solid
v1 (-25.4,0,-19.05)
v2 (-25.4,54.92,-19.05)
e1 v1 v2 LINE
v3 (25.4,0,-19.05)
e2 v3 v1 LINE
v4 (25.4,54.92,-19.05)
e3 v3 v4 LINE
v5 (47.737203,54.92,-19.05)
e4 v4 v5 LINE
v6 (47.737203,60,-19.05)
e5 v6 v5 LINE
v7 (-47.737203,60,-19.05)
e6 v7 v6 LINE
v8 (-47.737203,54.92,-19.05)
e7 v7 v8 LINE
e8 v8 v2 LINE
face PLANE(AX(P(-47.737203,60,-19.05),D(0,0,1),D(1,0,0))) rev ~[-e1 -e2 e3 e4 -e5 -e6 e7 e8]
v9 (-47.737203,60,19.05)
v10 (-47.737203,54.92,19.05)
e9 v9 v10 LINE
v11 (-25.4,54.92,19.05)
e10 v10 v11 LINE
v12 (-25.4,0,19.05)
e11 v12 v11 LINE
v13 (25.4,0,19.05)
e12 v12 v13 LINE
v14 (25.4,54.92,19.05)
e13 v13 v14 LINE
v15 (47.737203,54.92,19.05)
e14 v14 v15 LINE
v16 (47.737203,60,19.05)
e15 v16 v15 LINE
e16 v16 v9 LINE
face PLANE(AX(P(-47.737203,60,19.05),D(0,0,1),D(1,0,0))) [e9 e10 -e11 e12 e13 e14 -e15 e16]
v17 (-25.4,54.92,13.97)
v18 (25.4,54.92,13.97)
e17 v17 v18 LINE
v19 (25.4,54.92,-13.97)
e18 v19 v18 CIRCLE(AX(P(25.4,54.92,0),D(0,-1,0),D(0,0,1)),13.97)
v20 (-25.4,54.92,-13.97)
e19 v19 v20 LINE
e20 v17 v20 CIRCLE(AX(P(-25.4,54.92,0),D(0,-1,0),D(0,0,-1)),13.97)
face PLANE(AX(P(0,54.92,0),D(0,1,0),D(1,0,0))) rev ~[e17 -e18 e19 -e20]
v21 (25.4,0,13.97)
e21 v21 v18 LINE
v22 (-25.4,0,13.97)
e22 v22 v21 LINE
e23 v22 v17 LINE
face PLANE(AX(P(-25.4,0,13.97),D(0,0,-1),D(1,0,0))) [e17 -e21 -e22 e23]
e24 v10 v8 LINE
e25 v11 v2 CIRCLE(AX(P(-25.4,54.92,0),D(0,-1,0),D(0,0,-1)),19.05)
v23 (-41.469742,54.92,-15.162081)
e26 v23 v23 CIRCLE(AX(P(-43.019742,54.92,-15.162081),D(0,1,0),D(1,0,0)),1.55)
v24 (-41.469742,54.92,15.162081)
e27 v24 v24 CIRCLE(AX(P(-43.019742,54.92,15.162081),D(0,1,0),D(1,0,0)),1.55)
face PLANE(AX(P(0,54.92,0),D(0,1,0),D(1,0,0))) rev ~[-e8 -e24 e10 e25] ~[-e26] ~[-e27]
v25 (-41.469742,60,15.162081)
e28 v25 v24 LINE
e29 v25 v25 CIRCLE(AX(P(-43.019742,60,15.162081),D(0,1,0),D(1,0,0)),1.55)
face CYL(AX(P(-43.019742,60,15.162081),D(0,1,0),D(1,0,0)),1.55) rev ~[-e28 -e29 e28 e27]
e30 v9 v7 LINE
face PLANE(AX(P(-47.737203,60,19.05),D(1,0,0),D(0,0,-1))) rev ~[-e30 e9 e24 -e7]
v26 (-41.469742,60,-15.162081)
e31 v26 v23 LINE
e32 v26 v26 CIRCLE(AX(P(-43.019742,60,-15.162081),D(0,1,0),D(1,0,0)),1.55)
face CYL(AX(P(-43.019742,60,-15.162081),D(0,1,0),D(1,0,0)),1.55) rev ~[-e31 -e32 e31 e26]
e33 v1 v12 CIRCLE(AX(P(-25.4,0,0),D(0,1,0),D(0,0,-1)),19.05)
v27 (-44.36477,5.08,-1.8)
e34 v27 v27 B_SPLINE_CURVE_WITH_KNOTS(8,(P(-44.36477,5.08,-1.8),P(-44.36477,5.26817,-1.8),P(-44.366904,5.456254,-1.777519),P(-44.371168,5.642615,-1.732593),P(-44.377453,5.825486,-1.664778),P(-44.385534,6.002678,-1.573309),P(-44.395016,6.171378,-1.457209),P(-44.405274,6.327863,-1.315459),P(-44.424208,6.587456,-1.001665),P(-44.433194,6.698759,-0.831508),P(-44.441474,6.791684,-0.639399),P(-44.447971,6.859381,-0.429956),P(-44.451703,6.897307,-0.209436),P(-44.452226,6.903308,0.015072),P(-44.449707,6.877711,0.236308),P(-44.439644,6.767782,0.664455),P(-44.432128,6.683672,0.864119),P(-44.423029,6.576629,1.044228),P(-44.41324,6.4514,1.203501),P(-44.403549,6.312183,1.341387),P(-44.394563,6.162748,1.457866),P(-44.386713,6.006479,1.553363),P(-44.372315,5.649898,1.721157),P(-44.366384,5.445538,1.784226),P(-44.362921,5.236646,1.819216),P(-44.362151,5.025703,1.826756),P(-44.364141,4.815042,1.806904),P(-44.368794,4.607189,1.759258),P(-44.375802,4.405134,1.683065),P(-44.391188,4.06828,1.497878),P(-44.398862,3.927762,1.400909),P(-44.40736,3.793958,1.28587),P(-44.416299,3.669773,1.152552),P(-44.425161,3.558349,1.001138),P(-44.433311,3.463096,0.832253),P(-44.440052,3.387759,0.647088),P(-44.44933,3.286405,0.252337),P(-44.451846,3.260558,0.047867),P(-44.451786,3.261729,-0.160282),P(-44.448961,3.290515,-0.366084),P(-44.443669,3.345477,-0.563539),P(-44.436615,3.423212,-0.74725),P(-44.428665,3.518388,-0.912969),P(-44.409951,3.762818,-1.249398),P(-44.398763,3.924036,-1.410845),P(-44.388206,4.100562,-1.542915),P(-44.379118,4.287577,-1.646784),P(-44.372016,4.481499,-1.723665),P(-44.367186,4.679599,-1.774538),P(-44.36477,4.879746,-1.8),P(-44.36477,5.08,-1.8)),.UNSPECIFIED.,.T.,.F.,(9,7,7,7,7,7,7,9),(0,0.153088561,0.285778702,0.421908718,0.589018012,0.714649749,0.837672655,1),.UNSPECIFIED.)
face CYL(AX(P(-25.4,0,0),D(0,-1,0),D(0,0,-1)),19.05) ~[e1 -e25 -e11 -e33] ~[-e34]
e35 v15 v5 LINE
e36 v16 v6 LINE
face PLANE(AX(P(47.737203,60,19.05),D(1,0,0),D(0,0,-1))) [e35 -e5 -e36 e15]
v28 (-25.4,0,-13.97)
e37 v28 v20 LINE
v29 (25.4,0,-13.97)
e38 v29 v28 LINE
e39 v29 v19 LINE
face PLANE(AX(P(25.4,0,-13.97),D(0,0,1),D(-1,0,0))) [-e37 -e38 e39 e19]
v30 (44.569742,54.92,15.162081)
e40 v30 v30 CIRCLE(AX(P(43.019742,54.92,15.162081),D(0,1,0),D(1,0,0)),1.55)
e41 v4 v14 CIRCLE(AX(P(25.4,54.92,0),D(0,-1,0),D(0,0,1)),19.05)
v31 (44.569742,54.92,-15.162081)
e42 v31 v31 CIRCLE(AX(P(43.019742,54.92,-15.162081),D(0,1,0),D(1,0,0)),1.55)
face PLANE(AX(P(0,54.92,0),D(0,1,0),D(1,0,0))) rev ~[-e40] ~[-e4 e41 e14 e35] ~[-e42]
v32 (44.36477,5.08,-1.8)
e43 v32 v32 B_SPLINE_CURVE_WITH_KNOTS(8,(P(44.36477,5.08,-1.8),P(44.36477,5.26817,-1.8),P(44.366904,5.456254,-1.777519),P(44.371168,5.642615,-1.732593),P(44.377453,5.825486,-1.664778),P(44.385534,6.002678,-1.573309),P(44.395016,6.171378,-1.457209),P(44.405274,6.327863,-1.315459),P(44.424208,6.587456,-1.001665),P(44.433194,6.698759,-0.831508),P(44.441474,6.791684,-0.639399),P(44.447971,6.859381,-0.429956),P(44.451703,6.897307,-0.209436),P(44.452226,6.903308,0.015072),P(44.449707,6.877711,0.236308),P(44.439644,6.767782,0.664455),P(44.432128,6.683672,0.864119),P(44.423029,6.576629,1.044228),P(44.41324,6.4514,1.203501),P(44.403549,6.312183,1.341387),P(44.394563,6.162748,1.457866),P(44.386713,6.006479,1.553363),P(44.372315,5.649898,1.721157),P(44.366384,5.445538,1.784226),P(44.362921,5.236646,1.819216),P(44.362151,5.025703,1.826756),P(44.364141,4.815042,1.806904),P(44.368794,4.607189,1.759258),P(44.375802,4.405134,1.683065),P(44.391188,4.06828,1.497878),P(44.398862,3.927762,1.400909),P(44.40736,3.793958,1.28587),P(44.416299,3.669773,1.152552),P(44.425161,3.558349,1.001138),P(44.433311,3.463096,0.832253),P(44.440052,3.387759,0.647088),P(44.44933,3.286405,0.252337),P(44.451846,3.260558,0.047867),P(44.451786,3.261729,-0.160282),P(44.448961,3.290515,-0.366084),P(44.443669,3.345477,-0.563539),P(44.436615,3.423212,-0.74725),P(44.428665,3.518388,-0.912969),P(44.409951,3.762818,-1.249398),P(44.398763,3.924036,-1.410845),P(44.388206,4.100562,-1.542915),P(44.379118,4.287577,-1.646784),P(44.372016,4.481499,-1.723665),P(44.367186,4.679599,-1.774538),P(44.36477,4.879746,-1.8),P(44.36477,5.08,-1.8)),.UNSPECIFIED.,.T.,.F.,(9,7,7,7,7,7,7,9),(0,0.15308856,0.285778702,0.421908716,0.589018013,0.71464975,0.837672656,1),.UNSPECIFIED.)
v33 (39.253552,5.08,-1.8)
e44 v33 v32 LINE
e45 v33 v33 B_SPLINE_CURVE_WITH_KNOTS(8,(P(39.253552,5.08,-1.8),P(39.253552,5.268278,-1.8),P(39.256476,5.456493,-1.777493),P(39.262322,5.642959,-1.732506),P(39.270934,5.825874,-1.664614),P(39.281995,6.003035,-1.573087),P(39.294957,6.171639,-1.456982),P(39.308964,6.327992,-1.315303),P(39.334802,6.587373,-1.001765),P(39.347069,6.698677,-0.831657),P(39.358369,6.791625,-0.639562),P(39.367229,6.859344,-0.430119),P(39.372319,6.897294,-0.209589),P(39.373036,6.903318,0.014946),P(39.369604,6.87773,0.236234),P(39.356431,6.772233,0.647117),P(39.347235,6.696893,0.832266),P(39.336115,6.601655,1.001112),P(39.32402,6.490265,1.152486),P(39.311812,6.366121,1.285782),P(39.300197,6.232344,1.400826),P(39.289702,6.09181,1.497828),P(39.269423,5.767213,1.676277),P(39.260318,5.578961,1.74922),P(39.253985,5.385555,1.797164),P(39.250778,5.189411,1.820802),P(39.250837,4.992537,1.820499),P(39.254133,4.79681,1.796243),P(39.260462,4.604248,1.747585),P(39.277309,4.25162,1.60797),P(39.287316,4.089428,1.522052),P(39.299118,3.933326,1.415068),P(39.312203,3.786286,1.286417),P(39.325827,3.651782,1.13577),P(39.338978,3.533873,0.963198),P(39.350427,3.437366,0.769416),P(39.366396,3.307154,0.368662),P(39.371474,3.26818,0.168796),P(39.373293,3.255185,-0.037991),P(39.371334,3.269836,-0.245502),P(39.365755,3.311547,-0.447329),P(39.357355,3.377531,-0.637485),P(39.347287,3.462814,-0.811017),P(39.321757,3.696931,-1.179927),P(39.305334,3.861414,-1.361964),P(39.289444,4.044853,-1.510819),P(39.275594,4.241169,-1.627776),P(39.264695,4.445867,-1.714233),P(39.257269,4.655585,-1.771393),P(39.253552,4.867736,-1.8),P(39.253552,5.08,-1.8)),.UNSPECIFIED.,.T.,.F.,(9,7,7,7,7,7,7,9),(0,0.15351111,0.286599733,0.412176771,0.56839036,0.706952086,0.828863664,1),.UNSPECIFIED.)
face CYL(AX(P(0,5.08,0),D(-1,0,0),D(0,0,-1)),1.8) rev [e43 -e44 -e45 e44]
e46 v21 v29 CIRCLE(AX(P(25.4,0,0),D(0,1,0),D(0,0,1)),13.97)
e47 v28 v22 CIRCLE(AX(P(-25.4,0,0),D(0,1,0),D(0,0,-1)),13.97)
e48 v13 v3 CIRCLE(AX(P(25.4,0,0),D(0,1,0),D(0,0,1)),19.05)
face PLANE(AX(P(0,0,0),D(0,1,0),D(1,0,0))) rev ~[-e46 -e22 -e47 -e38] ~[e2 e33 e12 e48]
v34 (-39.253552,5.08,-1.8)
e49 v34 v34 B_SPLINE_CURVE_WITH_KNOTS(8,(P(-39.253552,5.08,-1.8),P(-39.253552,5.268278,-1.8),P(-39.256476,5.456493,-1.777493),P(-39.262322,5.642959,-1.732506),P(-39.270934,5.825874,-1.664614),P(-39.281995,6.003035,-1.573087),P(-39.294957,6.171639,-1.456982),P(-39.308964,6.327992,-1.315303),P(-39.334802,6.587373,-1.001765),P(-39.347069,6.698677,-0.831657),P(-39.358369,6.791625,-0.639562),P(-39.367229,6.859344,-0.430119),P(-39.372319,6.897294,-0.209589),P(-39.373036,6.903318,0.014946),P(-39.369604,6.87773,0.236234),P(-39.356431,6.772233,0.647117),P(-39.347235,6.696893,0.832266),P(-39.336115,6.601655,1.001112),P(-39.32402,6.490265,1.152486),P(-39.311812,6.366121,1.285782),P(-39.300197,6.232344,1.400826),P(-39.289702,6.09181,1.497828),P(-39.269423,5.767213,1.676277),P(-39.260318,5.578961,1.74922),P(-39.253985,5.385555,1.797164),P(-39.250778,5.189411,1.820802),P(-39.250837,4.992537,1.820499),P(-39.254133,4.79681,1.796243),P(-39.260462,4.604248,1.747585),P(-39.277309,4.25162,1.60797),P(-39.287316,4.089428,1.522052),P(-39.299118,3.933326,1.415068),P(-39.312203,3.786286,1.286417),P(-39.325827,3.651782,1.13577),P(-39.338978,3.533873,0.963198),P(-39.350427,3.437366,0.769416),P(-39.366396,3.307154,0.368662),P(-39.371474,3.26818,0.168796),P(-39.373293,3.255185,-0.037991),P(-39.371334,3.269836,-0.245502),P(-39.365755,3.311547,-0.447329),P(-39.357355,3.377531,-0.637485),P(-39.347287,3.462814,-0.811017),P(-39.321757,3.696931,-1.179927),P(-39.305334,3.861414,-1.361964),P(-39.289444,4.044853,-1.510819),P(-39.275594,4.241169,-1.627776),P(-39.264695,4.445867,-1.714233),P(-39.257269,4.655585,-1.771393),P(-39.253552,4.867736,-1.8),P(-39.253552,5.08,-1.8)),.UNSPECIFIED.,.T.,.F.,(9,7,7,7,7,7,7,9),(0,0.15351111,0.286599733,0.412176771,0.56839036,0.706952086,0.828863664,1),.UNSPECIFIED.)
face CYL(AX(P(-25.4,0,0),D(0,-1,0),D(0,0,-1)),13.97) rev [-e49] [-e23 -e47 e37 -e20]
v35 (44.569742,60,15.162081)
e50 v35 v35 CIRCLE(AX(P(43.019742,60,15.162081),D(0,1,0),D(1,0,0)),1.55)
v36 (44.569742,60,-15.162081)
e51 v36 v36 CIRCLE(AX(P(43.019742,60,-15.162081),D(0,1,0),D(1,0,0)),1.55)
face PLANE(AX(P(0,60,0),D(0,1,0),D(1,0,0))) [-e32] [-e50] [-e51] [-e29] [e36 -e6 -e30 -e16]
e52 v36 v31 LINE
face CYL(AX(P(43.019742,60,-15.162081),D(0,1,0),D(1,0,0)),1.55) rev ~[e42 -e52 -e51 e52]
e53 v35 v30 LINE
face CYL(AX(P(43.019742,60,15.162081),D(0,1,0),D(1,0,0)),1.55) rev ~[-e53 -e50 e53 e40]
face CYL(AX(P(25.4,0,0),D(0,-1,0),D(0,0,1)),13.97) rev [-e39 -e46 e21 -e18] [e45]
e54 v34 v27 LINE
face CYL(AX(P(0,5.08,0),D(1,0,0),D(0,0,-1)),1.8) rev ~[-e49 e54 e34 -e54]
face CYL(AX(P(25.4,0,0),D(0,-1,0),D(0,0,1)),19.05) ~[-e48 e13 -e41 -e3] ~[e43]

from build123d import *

# Parameters (mm, degrees)
BOSS_EXTRUDE1_DEPTH     = 60
SKETCH2_W               = 95.474406292
SKETCH2_H               = 38.1
SKETCH2_R               = 1.55
BOSS_EXTRUDE2_DEPTH     = 5.08
SKETCH4_R               = 1.8
CUT_EXTRUDE1_DEPTH      = 96.52
CUT_EXTRUDE1_DEPTH_BACK = 107.696


with BuildPart() as part:
    # Sketch1 → Boss-Extrude1 (new body)
    with BuildSketch(Plane(origin=(0, 0, 0), x_dir=(1, 0, 0), z_dir=(0, 1, 0))):
        with BuildLine():
            Line((-25.4, -19.05), (25.4, -19.05))
            ThreePointArc((25.4, -19.05), (44.45, 0), (25.4, 19.05))
            Line((25.4, 19.05), (-25.4, 19.05))
            ThreePointArc((-25.4, 19.05), (-44.45, 0), (-25.4, -19.05))
        make_face()
        with BuildLine():
            Line((-25.4, -13.97), (25.4, -13.97))
            ThreePointArc((25.4, -13.97), (39.37, 0), (25.4, 13.97))
            Line((25.4, 13.97), (-25.4, 13.97))
            ThreePointArc((-25.4, 13.97), (-39.37, 0), (-25.4, -13.97))
        make_face(mode=Mode.SUBTRACT)
    extrude(amount=BOSS_EXTRUDE1_DEPTH)

    # Sketch2 → Boss-Extrude2 (add)
    with BuildSketch(Plane(origin=(0, 60, 0), x_dir=(1, 0, 0), z_dir=(0, 1, 0))):
        Rectangle(SKETCH2_W, SKETCH2_H)
        with Locations((43.019742204, 15.162081353)):
            Circle(SKETCH2_R, mode=Mode.SUBTRACT)
        with Locations((43.019742204, -15.162081353)):
            Circle(SKETCH2_R, mode=Mode.SUBTRACT)
        with Locations((-43.019742204, -15.162081353)):
            Circle(SKETCH2_R, mode=Mode.SUBTRACT)
        with Locations((-43.019742204, 15.162081353)):
            Circle(SKETCH2_R, mode=Mode.SUBTRACT)
    extrude(amount=-BOSS_EXTRUDE2_DEPTH)

    # Sketch4 → Cut-Extrude1 (cut, two sides)
    with BuildSketch(Plane(origin=(0, 0, 0), x_dir=(0, 0, -1), z_dir=(1, 0, 0))) as cut_extrude1_sk:
        with Locations((0, 5.08)):
            Circle(SKETCH4_R)
    extrude(amount=CUT_EXTRUDE1_DEPTH, mode=Mode.SUBTRACT)
    extrude(cut_extrude1_sk.sketch, amount=-CUT_EXTRUDE1_DEPTH_BACK, mode=Mode.SUBTRACT)


solid = part.part
